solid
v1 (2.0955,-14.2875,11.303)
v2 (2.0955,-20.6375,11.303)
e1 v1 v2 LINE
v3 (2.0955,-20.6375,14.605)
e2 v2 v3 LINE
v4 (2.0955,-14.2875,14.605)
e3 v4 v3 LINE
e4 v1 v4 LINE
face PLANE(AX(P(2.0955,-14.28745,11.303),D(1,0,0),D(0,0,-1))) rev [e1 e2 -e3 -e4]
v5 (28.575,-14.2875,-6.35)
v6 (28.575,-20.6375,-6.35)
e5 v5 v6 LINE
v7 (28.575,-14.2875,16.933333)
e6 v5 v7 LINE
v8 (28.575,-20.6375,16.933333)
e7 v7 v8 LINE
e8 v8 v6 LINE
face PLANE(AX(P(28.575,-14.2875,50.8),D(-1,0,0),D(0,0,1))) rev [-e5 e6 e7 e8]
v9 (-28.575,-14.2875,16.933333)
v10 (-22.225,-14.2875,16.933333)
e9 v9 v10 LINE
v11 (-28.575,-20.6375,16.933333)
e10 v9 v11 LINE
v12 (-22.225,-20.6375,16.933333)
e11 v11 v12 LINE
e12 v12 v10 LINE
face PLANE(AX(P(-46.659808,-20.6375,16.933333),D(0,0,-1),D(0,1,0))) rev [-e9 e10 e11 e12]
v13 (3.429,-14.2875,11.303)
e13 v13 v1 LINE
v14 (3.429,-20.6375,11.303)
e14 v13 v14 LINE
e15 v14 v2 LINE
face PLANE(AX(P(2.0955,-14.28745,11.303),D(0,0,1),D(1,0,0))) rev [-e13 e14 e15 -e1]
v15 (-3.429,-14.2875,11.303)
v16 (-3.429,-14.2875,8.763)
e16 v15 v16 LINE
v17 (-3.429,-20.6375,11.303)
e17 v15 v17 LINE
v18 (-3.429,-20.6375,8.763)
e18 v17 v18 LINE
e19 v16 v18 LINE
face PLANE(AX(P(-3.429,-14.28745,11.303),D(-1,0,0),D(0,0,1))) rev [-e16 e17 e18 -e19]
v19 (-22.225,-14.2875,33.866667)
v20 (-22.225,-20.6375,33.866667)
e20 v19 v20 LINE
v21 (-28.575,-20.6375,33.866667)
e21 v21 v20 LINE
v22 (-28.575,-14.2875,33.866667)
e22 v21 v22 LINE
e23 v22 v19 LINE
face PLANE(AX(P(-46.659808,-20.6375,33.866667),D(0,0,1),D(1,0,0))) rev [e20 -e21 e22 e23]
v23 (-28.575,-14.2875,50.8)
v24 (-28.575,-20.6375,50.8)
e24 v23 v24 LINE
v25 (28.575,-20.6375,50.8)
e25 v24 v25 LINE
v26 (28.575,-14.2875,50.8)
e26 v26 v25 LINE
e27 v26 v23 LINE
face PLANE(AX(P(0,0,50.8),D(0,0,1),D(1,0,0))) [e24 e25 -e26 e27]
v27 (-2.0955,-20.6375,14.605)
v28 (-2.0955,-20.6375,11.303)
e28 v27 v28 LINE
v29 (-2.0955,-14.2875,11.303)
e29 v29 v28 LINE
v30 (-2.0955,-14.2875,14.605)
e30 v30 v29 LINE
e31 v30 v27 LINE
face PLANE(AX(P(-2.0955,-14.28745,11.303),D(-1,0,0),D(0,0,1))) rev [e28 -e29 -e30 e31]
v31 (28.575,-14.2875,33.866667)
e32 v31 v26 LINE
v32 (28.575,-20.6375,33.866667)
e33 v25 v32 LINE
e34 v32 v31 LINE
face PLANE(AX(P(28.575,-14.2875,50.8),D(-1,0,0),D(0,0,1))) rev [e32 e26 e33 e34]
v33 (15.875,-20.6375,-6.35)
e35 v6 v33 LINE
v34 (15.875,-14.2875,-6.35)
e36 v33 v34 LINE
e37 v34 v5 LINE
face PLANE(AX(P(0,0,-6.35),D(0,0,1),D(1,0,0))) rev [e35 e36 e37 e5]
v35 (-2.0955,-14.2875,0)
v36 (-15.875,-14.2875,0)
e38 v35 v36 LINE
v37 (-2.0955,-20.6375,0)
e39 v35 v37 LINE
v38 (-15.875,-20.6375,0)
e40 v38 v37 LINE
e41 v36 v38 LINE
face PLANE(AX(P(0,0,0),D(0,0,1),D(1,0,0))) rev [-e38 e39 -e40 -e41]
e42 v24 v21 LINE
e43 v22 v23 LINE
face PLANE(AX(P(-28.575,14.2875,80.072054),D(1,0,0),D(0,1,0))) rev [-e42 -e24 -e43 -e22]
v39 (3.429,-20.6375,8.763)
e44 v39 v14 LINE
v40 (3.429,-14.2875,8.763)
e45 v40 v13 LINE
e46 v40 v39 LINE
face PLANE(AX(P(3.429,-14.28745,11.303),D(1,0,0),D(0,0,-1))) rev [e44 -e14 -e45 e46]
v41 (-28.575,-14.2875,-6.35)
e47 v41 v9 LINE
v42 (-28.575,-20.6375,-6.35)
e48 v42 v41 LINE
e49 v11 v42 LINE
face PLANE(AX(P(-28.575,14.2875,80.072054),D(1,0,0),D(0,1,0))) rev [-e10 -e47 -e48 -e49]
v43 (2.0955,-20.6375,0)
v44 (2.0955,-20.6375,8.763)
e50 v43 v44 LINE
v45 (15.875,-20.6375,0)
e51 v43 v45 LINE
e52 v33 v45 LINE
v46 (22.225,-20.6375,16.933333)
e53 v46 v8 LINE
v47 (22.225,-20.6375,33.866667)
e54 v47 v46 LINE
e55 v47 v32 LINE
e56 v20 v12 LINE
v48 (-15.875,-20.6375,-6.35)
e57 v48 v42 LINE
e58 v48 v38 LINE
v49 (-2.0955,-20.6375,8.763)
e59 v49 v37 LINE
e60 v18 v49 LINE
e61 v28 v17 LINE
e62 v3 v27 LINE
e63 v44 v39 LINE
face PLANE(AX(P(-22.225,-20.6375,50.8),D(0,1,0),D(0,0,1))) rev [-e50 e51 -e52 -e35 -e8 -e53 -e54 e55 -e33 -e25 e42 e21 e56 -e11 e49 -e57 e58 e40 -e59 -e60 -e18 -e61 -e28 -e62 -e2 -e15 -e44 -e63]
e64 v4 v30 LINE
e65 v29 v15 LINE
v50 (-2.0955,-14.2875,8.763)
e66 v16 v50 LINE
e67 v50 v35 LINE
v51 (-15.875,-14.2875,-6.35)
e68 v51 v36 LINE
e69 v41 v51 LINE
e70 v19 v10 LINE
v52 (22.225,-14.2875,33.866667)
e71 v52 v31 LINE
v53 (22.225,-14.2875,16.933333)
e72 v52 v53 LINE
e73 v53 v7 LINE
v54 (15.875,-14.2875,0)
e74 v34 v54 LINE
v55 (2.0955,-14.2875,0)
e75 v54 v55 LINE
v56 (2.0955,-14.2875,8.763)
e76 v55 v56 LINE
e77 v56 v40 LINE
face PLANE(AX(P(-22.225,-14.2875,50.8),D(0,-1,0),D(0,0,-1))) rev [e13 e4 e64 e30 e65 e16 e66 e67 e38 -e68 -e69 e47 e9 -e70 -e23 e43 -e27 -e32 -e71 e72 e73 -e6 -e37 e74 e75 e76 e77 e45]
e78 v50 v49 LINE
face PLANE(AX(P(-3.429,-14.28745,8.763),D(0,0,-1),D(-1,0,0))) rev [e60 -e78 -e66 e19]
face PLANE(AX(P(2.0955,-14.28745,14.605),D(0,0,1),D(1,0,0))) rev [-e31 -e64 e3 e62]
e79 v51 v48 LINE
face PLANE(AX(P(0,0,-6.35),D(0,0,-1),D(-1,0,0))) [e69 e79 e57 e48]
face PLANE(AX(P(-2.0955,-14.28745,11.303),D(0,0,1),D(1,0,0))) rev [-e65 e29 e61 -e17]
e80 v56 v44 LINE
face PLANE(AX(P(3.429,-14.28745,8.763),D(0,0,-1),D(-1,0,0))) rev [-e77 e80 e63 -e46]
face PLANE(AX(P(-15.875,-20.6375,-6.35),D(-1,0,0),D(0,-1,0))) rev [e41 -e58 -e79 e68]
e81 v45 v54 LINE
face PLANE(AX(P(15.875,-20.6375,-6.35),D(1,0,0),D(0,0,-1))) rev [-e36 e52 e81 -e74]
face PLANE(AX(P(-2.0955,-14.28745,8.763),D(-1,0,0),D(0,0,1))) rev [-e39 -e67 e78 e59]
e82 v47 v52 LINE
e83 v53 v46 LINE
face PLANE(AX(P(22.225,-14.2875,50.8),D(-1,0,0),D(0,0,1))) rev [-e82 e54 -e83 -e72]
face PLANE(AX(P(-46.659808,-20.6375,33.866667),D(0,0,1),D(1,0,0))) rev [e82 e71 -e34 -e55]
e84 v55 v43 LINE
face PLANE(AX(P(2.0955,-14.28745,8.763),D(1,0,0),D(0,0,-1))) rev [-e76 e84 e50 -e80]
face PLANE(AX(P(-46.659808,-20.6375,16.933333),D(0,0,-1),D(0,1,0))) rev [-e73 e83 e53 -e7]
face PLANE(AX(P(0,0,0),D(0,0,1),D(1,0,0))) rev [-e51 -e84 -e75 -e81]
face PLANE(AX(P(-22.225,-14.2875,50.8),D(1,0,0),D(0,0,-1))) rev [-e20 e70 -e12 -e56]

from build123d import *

# Parameters (mm, degrees)
SKETCH1_W                = 44.45
SKETCH1_H                = 6.35
BOSS_EXTRUDE1_DEPTH      = 50.8
BOSS_EXTRUDE2_DEPTH      = 6.35
BOSS_EXTRUDE2_DEPTH_BACK = 50.8
SKETCH2_W                = 16.933333333
SKETCH2_H                = 6.35
SKETCH4_W                = 12.7
SKETCH4_H                = 6.35
BOSS_EXTRUDE4_DEPTH      = 6.35
CUT_EXTRUDE1_DEPTH       = 59.630138368


with BuildPart() as part:
    # Sketch1 → Boss-Extrude1 (new body)
    with BuildSketch(Plane.XY):
        with Locations((0, -17.4625)):
            Rectangle(SKETCH1_W, SKETCH1_H)
    extrude(amount=BOSS_EXTRUDE1_DEPTH)

    # Sketch2 → Boss-Extrude2 (add, two sides: drawn at the far end of the back side and taken through both)
    with BuildSketch(Plane.ZY.offset(22.225).offset(-BOSS_EXTRUDE2_DEPTH_BACK)):
        with Locations((42.333333334, -17.4625)):
            Rectangle(SKETCH2_W, SKETCH2_H)
        with Locations((8.466666667, -17.4625)):
            Rectangle(SKETCH2_W, SKETCH2_H)
    extrude(amount=BOSS_EXTRUDE2_DEPTH + BOSS_EXTRUDE2_DEPTH_BACK)

    # Sketch4 → Boss-Extrude4 (add)
    with BuildSketch(Plane(origin=(0, 0, 0), x_dir=(-1, 0, 0), z_dir=(0, 0, -1))):
        with Locations((22.225, -17.4625)):
            Rectangle(SKETCH4_W, SKETCH4_H)
        with Locations((-22.225, -17.4625)):
            Rectangle(SKETCH4_W, SKETCH4_H)
    extrude(amount=BOSS_EXTRUDE4_DEPTH)

    # Sketch5 → Cut-Extrude1 (cut, through all)
    with BuildSketch(Plane(origin=(0, -20.6375, 0), x_dir=(-1, 0, 0), z_dir=(0, -1, 0))):
        Polygon((2.0955, 0), (-2.0955, 0), (-2.0955, -8.763), (-3.429, -8.763), (-3.429, -11.303), (-2.0955, -11.303), (-2.0955, -14.605), (2.0955, -14.605), (2.0955, -11.303), (3.429, -11.303), (3.429, -8.763), (2.0955, -8.763), align=None)
    extrude(amount=-CUT_EXTRUDE1_DEPTH, mode=Mode.SUBTRACT)


solid = part.part
